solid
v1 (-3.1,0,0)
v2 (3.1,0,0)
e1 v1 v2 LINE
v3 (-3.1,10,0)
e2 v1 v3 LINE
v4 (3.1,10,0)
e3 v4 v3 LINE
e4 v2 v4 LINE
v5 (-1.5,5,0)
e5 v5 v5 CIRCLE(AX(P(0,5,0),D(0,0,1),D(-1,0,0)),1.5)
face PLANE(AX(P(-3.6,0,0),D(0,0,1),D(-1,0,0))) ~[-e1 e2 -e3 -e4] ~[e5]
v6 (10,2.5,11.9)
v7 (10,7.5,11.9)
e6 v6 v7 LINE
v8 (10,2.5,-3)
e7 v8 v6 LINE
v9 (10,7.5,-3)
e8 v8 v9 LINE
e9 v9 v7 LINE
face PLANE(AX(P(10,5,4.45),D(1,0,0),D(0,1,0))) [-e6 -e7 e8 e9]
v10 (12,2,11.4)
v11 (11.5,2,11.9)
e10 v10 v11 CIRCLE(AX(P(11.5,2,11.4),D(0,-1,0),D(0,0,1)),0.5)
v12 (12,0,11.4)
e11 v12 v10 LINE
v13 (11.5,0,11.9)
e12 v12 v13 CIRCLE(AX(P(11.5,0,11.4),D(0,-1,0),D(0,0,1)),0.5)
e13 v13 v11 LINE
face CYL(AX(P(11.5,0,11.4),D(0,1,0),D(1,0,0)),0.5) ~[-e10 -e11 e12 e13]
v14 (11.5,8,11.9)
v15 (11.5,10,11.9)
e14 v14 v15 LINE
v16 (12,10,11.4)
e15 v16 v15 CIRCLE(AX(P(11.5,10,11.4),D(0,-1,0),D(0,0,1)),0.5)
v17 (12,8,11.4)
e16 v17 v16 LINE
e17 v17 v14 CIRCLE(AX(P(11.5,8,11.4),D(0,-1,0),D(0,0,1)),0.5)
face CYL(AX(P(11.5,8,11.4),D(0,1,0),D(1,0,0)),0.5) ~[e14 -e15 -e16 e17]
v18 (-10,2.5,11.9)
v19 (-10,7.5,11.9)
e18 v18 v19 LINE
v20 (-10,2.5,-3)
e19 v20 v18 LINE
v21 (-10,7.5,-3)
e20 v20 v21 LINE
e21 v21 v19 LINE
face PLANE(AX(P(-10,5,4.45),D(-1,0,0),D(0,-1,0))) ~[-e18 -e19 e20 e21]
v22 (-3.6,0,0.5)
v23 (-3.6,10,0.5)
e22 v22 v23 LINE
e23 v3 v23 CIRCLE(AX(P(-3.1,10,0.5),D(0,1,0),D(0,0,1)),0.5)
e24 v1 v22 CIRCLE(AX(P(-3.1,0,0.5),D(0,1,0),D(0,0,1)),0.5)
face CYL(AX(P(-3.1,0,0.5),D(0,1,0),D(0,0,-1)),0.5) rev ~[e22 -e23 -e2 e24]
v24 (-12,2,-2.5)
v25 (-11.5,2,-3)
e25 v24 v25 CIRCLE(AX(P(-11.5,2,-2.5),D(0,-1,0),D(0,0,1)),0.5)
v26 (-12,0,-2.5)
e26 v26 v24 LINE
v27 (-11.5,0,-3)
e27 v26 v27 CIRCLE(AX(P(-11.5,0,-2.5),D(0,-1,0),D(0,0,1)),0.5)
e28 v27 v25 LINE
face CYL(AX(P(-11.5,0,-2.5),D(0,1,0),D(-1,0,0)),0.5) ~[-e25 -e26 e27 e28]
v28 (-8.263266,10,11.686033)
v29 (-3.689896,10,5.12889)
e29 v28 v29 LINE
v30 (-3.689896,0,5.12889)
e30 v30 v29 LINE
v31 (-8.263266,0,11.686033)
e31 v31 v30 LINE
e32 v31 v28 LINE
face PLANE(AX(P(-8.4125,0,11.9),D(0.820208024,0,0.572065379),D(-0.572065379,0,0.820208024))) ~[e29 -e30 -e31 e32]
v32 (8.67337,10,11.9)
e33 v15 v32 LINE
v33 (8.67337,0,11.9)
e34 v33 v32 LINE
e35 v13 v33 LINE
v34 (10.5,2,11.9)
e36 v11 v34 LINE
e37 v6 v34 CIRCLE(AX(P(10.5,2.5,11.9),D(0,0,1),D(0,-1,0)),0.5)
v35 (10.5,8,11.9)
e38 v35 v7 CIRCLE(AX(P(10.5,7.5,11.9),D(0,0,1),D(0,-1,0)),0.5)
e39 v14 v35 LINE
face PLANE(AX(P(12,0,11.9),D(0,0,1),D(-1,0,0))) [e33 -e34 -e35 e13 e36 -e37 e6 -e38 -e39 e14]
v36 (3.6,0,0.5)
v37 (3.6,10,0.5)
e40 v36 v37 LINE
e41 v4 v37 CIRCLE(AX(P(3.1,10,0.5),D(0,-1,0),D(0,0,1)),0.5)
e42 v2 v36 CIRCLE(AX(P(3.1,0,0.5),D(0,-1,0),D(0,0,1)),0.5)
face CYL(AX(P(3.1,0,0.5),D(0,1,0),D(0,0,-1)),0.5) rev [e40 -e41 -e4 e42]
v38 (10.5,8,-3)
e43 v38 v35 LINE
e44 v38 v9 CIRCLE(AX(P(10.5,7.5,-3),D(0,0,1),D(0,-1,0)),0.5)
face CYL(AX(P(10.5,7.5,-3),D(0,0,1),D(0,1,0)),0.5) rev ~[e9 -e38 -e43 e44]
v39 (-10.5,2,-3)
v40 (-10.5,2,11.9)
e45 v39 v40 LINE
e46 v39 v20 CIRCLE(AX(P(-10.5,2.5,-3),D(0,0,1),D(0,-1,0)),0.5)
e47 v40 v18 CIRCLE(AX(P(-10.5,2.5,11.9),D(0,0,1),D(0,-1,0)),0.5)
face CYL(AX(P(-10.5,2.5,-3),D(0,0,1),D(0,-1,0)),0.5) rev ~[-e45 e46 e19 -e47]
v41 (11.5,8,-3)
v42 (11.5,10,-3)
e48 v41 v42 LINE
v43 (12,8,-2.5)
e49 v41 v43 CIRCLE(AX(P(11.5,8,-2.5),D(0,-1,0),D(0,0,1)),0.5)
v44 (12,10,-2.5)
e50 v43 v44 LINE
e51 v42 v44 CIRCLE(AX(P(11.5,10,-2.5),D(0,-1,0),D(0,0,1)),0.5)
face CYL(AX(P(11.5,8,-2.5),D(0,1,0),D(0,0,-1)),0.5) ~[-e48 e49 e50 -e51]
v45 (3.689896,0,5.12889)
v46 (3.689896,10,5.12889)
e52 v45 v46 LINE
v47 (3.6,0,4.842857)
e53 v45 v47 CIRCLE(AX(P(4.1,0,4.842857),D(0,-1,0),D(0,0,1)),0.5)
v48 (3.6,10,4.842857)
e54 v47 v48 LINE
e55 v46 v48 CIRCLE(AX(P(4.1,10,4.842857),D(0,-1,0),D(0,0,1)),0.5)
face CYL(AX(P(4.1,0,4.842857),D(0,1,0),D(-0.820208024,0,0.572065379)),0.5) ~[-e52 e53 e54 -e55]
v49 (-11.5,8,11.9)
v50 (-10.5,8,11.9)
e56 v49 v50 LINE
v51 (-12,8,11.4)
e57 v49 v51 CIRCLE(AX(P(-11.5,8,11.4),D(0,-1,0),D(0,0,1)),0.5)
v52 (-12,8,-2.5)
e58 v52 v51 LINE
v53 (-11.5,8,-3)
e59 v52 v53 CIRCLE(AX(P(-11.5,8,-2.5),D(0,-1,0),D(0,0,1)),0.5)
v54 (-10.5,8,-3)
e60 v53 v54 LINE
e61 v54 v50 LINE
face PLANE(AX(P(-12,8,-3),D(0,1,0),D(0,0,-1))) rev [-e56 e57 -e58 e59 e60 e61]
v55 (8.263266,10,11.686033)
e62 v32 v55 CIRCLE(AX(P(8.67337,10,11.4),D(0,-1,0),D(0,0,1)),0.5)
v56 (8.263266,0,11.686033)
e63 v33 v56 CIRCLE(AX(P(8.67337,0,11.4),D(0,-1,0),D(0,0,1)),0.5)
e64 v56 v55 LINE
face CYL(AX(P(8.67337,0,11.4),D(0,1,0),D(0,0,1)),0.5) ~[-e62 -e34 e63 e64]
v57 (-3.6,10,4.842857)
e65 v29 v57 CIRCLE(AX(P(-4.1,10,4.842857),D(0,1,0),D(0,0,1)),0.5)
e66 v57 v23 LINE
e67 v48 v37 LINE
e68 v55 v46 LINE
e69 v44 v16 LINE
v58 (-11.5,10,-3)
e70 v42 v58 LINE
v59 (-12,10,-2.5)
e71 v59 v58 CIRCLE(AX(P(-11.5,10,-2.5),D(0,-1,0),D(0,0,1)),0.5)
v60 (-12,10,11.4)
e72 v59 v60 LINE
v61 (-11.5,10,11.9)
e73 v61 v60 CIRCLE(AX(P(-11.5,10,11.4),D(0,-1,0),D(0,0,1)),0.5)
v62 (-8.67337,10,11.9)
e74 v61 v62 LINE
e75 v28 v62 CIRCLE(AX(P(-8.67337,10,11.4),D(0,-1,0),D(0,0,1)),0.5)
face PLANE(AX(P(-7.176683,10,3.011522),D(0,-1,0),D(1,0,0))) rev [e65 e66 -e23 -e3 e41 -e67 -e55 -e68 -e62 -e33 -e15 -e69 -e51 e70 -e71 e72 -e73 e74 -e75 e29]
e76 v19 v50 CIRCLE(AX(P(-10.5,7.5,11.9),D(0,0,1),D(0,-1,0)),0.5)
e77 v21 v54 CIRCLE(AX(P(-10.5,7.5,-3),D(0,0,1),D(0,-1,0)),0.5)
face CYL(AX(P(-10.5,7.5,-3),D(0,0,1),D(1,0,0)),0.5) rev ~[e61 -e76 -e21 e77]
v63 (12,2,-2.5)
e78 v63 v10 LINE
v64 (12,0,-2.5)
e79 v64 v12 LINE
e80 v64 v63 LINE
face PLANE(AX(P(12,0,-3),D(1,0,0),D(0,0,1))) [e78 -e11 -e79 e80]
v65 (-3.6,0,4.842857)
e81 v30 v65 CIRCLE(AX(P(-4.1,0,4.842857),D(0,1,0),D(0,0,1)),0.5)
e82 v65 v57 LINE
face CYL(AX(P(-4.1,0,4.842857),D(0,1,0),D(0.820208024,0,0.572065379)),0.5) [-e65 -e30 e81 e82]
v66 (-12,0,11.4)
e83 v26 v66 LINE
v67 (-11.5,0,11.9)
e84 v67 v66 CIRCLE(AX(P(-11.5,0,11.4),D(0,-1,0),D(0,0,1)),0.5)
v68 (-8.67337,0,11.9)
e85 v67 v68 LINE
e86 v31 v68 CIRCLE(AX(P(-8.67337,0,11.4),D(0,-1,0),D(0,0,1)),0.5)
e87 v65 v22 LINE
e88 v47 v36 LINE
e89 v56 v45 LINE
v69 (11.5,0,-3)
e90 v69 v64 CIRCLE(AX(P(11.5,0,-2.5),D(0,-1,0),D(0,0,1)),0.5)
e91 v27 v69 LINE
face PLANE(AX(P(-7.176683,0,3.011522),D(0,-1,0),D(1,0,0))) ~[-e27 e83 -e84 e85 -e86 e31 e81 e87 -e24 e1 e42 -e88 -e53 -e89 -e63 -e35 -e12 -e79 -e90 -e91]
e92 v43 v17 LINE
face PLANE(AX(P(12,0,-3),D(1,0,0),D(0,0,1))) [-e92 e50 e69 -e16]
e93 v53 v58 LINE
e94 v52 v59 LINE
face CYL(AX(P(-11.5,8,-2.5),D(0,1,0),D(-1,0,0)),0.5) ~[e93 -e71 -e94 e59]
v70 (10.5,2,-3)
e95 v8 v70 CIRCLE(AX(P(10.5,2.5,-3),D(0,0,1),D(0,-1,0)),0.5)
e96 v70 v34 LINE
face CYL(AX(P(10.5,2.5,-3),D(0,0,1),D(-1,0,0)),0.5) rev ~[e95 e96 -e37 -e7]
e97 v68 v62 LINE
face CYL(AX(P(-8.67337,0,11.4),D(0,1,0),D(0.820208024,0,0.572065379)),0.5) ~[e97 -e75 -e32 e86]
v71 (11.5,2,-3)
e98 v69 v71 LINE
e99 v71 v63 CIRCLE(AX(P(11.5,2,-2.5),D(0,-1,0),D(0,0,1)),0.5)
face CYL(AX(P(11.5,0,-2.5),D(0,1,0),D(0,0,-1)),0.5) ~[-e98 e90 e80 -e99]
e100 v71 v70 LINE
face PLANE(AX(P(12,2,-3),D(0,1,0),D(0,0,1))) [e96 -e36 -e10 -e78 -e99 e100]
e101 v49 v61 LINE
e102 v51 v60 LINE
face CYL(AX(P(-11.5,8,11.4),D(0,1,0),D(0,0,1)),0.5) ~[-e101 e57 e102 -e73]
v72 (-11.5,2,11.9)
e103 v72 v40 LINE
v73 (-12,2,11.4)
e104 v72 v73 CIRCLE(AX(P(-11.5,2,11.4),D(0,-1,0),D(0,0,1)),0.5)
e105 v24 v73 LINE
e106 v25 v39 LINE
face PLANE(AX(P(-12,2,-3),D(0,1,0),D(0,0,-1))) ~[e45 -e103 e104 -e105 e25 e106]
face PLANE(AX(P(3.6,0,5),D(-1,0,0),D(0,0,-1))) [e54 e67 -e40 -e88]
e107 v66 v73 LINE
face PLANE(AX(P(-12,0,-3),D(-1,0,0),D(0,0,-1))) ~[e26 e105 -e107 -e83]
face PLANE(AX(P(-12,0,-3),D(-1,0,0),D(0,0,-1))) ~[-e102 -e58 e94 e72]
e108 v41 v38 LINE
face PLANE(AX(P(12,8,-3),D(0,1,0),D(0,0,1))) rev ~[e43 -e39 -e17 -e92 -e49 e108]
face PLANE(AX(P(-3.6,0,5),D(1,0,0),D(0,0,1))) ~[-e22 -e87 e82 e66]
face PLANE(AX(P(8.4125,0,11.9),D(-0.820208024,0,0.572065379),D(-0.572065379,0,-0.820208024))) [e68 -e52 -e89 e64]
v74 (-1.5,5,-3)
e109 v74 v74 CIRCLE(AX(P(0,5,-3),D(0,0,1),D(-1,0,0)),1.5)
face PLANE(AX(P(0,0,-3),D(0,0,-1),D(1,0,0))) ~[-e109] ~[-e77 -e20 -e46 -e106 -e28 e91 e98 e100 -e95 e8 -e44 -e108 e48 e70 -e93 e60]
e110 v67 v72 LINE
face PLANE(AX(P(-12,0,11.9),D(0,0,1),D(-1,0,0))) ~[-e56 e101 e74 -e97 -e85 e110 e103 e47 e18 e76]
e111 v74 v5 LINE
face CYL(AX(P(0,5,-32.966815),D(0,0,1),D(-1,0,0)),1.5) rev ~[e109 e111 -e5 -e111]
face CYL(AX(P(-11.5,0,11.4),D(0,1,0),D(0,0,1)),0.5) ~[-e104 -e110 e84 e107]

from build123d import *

# Parameters (mm, degrees)
F1_DEPTH = 10
F2_W     = 6
F2_H     = 14.9
F3_DEPTH = 2
F5_R     = 0.5
F7_D     = 3


with BuildPart() as f1:
    # F0 (on Front) → F1 (new body)
    with BuildSketch(Plane.XZ):
        Polygon((3.6, 0), (0, 0), (0, -3), (12, -3), (12, 11.9), (8.4125, 11.9), (3.6, 5), align=None)
    extrude(amount=-F1_DEPTH)

    # F2 (on face) → F3 (cut)
    with BuildSketch(Plane.YZ.offset(12)):
        with Locations((5, 4.45)):
            Rectangle(F2_W, F2_H)
    extrude(amount=-F3_DEPTH, mode=Mode.SUBTRACT)

    # F4: F1 across plane


with BuildPart() as f1_1:
    add(f1.part)
    add(f1.part.mirror(Plane.YZ))

    # F5
    f5_edges = [f1_1.edges().sort_by_distance(p)[0] for p in [
        (-8.4125, 5, 11.9),
        (-12, 1, 11.9),
        (-12, 9, 11.9),
        (-3.6, 5, 5),
        (-3.6, 5, 0),
        (3.6, 5, 0),
        (3.6, 5, 5),
        (8.4125, 5, 11.9),
        (12, 9, 11.9),
        (12, 1, 11.9),
        (12, 9, -3),
        (12, 1, -3),
        (-12, 1, -3),
        (-12, 9, -3),
        (10, 8, 4.45),
        (10, 2, 4.45),
        (-10, 2, 4.45),
        (-10, 8, 4.45),
    ]]
    fillet(f5_edges, radius=F5_R)

    # F7 (through all)
    with Locations(Plane(origin=(0, 0, -3), x_dir=(1, 0, 0), z_dir=(0, 0, -1))):
        with Locations((0, -5)):
            Hole(F7_D / 2)


solid = f1_1.part
